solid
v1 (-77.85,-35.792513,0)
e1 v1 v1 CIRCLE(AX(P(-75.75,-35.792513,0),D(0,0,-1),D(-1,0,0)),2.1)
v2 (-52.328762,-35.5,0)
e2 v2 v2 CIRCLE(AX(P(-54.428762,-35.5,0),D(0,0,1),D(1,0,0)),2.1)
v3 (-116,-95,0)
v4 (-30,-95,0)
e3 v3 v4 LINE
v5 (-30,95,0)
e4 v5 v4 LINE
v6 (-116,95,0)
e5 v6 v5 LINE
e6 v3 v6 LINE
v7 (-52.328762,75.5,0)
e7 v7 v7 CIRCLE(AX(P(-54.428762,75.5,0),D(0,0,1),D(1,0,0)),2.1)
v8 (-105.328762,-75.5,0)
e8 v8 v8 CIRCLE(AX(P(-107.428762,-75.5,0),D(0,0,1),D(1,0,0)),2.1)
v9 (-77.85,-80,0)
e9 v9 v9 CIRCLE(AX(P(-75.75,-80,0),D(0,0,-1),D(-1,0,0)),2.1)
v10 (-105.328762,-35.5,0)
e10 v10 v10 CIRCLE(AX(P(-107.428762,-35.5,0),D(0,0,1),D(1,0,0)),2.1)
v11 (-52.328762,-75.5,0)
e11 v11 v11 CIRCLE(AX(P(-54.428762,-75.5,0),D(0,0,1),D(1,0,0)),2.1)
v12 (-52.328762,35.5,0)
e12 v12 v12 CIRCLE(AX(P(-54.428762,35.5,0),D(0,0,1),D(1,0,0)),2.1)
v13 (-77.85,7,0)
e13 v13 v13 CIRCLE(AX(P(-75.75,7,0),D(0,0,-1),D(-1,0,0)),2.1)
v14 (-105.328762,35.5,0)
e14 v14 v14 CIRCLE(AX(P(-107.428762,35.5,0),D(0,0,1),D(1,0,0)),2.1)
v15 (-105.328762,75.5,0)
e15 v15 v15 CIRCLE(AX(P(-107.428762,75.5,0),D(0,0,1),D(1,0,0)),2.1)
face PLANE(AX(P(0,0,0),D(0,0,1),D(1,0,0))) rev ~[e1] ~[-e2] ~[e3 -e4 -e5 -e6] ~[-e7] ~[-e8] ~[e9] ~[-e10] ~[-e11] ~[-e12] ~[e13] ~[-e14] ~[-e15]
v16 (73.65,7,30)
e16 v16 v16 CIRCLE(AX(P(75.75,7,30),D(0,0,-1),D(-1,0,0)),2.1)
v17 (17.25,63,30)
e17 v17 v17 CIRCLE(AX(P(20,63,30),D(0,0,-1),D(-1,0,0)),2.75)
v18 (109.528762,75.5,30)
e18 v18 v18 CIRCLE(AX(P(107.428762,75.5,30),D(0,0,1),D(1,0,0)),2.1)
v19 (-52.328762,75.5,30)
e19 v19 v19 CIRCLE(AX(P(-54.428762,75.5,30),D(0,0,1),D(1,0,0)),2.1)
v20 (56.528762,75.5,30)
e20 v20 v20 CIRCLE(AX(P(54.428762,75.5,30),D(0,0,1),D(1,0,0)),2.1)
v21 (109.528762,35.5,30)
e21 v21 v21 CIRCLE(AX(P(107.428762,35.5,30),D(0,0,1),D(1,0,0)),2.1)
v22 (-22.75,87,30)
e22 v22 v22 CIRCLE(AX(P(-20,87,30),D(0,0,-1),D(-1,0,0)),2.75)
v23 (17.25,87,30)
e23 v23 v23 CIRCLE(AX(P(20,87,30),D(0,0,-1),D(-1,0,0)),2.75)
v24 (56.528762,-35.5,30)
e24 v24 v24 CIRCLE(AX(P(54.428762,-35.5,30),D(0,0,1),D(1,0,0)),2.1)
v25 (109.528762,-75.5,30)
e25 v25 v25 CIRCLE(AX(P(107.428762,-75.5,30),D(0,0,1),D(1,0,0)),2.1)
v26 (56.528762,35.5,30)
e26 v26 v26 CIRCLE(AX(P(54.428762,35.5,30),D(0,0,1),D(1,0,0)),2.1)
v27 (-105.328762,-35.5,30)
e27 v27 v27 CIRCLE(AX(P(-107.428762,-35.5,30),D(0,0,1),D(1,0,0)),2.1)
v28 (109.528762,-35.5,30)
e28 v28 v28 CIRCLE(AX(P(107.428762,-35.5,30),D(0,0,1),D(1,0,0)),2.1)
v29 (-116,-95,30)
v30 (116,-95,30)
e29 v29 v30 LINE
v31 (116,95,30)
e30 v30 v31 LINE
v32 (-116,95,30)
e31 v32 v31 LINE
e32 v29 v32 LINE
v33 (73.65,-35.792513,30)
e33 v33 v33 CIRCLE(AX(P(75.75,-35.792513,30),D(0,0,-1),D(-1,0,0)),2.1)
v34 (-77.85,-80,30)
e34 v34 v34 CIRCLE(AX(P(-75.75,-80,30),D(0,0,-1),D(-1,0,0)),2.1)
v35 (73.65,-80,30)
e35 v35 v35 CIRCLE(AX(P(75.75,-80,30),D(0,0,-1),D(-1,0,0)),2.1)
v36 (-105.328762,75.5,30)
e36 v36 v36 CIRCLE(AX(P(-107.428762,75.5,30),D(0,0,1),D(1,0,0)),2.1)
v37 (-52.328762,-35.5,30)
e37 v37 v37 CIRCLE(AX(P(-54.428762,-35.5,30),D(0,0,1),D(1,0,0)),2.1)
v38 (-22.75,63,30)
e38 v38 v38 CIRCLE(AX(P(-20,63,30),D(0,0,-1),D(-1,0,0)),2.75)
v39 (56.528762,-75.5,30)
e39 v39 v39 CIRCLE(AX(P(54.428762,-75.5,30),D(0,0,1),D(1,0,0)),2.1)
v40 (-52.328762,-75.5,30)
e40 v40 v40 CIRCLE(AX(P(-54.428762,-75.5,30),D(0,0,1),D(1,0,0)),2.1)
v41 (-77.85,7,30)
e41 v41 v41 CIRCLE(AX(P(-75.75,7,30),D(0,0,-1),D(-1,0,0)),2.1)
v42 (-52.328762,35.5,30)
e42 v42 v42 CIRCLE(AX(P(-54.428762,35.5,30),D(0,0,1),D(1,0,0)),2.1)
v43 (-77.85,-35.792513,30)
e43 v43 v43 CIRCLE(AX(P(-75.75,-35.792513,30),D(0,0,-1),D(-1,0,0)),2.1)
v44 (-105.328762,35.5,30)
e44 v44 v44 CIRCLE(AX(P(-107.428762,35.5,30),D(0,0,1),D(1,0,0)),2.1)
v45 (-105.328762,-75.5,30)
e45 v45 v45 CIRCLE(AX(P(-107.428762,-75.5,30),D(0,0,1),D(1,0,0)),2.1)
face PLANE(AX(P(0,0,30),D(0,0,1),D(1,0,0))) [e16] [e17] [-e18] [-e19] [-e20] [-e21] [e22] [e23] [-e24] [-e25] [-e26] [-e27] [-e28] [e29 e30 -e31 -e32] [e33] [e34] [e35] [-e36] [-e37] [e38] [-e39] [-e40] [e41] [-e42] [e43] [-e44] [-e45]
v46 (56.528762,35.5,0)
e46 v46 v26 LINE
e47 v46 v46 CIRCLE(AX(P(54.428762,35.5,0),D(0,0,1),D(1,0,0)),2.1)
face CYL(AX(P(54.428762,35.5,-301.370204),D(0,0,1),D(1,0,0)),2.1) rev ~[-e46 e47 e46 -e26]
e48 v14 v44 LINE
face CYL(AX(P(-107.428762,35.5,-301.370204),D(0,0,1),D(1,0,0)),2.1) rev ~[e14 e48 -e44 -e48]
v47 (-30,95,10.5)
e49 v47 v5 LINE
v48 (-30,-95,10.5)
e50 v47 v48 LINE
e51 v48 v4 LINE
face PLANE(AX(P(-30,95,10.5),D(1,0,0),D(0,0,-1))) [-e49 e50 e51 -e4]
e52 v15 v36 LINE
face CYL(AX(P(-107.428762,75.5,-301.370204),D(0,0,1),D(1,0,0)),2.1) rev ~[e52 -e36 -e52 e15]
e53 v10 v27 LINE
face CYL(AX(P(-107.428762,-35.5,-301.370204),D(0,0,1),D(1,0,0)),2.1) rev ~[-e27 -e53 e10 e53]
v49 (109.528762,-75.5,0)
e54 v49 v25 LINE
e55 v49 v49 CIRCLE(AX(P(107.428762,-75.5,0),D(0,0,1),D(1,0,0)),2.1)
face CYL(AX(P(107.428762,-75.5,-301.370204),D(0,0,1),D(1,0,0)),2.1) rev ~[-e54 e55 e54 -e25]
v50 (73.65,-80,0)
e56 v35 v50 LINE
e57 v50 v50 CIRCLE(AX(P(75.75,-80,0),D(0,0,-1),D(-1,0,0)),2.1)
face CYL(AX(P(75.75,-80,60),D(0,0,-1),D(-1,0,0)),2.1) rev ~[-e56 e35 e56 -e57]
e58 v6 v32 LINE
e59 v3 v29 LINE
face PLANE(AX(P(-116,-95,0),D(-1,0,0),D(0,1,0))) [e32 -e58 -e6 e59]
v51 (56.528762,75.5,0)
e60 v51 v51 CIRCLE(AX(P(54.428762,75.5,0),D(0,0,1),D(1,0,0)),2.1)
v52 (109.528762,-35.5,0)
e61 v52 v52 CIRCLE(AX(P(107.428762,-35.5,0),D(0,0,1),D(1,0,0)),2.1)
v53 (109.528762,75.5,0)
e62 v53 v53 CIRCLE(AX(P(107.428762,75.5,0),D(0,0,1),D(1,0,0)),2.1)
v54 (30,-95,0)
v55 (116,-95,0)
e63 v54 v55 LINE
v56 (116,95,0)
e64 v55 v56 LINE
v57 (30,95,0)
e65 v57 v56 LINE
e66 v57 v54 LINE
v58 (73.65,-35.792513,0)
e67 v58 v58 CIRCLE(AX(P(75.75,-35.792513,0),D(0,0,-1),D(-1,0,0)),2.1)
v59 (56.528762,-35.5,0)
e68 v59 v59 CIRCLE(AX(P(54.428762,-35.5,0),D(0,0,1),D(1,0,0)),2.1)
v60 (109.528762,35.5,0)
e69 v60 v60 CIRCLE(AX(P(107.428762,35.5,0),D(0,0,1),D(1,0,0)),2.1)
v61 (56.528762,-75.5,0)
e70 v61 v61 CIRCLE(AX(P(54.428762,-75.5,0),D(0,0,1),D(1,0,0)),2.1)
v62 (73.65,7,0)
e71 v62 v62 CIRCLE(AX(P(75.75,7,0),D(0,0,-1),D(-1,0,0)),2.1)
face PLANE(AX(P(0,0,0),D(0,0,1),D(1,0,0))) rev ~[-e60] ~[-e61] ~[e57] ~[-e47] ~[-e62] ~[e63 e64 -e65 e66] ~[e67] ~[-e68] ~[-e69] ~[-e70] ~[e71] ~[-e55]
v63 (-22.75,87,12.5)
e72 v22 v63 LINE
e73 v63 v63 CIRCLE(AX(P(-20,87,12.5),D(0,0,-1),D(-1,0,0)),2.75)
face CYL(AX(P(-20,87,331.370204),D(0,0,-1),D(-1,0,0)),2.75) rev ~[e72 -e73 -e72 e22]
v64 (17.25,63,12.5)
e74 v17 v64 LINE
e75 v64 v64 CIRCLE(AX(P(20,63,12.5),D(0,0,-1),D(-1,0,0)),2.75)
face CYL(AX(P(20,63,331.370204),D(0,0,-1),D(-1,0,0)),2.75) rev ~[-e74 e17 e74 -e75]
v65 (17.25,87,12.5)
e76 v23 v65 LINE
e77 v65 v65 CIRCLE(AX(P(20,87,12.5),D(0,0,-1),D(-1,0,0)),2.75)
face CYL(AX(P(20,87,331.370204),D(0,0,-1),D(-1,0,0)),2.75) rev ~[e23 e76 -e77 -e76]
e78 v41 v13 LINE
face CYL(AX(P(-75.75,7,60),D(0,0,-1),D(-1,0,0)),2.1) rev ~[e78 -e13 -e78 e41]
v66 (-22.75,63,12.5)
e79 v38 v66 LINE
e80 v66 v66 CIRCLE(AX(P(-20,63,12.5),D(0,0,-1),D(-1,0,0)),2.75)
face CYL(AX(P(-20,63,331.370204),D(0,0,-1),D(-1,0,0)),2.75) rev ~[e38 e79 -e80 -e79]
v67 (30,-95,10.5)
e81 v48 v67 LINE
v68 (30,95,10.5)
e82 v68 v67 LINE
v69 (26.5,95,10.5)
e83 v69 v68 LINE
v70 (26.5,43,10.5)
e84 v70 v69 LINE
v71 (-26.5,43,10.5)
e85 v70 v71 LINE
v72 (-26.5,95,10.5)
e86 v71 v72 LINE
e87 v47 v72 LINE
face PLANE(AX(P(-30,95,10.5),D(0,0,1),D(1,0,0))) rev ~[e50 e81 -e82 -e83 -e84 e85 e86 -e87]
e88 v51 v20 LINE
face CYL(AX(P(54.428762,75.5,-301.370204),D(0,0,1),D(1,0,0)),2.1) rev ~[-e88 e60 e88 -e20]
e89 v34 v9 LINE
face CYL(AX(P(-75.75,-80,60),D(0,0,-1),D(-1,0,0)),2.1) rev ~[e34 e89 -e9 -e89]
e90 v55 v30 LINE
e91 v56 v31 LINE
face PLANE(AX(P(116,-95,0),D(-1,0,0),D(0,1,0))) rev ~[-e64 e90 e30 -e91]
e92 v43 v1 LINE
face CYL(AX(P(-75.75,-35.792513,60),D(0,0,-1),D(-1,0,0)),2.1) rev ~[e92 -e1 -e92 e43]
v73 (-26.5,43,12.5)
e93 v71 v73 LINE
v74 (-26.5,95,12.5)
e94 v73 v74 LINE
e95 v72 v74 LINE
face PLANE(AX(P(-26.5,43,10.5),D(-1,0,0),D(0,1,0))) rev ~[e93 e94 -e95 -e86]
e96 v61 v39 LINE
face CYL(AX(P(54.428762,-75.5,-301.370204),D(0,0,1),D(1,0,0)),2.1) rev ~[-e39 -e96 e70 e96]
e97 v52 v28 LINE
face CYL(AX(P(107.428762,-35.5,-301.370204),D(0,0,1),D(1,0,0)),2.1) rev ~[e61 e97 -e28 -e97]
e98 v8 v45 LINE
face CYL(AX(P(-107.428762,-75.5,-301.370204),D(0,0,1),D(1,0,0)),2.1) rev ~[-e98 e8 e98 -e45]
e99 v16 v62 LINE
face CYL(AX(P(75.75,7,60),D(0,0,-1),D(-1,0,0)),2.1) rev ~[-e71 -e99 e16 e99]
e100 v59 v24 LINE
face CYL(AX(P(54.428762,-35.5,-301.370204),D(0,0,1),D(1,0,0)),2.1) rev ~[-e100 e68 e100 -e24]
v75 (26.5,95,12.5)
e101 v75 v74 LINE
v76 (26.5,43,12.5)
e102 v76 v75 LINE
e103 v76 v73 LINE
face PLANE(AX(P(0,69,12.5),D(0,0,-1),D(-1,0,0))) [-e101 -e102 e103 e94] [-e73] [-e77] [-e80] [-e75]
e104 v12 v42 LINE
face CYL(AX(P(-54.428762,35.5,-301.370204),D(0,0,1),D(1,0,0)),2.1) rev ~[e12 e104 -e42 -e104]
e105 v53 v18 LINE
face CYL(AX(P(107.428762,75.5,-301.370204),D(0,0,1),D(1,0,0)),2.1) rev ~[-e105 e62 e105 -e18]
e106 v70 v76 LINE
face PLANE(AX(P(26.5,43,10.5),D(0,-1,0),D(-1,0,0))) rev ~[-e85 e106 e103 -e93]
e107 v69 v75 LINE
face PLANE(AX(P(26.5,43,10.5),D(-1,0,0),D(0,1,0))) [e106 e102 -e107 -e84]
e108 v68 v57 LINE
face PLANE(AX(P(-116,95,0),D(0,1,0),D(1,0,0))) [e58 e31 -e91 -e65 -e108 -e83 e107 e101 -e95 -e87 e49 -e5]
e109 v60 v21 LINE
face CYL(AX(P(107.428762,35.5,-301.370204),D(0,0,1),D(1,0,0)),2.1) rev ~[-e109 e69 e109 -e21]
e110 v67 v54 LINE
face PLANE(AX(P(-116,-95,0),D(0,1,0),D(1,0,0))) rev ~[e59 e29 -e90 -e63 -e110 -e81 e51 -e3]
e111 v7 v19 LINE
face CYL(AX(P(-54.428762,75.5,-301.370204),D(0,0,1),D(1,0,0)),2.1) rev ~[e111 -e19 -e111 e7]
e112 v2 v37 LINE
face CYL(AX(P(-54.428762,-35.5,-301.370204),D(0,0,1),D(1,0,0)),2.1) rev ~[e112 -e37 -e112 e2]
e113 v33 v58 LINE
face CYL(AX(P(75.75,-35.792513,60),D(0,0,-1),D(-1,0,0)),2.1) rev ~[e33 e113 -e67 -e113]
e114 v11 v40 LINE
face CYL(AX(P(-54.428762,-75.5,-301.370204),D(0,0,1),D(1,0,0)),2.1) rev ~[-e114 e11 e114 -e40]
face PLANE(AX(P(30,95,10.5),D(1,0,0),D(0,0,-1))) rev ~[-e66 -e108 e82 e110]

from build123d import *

# Parameters (mm, degrees)
SCHIZZO1_W                   = 232
SCHIZZO1_H                   = 190
ESTRUSIONE_ESTRUSIONE1_DEPTH = 30
SCHIZZO4_W                   = 60
SCHIZZO4_H                   = 10.5
TAGLIO_ESTRUSIONE2_DEPTH     = 191
TAP_DRILL_FOR_M5_TAP1_D      = 4.2
M5_CLEARANCE_HOLE1_D         = 5.5
TAP_DRILL_FOR_M5_TAP3_D      = 4.2
TAP_DRILL_FOR_M5_TAP3_DEPTH  = 30
SKETCH8_W                    = 53
SKETCH8_H                    = 52
CUT_EXTRUDE1_DEPTH           = 2


with BuildPart() as part:
    # Schizzo1 → Estrusione-Estrusione1 (new body)
    with BuildSketch(Plane.XY):
        Rectangle(SCHIZZO1_W, SCHIZZO1_H)
    extrude(amount=ESTRUSIONE_ESTRUSIONE1_DEPTH)

    # Schizzo4 → Taglio-Estrusione2 (cut, through all)
    with BuildSketch(Plane(origin=(0, 95, 0), x_dir=(1, 0, 0), z_dir=(0, 1, 0))):
        with Locations((0, -5.25)):
            Rectangle(SCHIZZO4_W, SCHIZZO4_H)
    extrude(amount=-TAGLIO_ESTRUSIONE2_DEPTH, mode=Mode.SUBTRACT)

    # Tap Drill for M5 Tap1 (through all)
    with Locations(Plane(origin=(0, 0, 0), x_dir=(-1, 0, 0), z_dir=(0, 0, -1))):
        with Locations((-54.428761817, 35.5), (-54.428761817, 75.5), (-107.428761817, 35.5), (-107.428761817, -75.5), (-107.428761817, -35.5), (-54.428761817, -35.5), (-54.428761817, -75.5), (54.428761817, -75.5), (54.428761817, -35.5), (107.428761817, -35.5), (107.428761817, -75.5), (107.428761817, 75.5), (107.428761817, 35.5), (54.428761817, 35.5), (54.428761817, 75.5), (-107.428761817, 75.5)):
            Hole(TAP_DRILL_FOR_M5_TAP1_D / 2)

    # M5 Clearance Hole1 (through all)
    with Locations(Plane.XY.offset(30)):
        with Locations((-20, 87), (20, 87), (20, 63), (-20, 63)):
            Hole(M5_CLEARANCE_HOLE1_D / 2)

    # Tap Drill for M5 Tap3
    with Locations(Plane.XY.offset(30)):
        with Locations((-75.75, 7), (-75.75, -80), (75.75, 7), (75.75, -80), (-75.75, -35.79251315), (75.75, -35.79251315)):
            Hole(TAP_DRILL_FOR_M5_TAP3_D / 2, depth=TAP_DRILL_FOR_M5_TAP3_DEPTH)

    # Sketch8 → Cut-Extrude1 (cut)
    with BuildSketch(Plane(origin=(0, 0, 10.5), x_dir=(-1, 0, 0), z_dir=(0, 0, -1))):
        with Locations((0, 69)):
            Rectangle(SKETCH8_W, SKETCH8_H)
    extrude(amount=-CUT_EXTRUDE1_DEPTH, mode=Mode.SUBTRACT)


solid = part.part
